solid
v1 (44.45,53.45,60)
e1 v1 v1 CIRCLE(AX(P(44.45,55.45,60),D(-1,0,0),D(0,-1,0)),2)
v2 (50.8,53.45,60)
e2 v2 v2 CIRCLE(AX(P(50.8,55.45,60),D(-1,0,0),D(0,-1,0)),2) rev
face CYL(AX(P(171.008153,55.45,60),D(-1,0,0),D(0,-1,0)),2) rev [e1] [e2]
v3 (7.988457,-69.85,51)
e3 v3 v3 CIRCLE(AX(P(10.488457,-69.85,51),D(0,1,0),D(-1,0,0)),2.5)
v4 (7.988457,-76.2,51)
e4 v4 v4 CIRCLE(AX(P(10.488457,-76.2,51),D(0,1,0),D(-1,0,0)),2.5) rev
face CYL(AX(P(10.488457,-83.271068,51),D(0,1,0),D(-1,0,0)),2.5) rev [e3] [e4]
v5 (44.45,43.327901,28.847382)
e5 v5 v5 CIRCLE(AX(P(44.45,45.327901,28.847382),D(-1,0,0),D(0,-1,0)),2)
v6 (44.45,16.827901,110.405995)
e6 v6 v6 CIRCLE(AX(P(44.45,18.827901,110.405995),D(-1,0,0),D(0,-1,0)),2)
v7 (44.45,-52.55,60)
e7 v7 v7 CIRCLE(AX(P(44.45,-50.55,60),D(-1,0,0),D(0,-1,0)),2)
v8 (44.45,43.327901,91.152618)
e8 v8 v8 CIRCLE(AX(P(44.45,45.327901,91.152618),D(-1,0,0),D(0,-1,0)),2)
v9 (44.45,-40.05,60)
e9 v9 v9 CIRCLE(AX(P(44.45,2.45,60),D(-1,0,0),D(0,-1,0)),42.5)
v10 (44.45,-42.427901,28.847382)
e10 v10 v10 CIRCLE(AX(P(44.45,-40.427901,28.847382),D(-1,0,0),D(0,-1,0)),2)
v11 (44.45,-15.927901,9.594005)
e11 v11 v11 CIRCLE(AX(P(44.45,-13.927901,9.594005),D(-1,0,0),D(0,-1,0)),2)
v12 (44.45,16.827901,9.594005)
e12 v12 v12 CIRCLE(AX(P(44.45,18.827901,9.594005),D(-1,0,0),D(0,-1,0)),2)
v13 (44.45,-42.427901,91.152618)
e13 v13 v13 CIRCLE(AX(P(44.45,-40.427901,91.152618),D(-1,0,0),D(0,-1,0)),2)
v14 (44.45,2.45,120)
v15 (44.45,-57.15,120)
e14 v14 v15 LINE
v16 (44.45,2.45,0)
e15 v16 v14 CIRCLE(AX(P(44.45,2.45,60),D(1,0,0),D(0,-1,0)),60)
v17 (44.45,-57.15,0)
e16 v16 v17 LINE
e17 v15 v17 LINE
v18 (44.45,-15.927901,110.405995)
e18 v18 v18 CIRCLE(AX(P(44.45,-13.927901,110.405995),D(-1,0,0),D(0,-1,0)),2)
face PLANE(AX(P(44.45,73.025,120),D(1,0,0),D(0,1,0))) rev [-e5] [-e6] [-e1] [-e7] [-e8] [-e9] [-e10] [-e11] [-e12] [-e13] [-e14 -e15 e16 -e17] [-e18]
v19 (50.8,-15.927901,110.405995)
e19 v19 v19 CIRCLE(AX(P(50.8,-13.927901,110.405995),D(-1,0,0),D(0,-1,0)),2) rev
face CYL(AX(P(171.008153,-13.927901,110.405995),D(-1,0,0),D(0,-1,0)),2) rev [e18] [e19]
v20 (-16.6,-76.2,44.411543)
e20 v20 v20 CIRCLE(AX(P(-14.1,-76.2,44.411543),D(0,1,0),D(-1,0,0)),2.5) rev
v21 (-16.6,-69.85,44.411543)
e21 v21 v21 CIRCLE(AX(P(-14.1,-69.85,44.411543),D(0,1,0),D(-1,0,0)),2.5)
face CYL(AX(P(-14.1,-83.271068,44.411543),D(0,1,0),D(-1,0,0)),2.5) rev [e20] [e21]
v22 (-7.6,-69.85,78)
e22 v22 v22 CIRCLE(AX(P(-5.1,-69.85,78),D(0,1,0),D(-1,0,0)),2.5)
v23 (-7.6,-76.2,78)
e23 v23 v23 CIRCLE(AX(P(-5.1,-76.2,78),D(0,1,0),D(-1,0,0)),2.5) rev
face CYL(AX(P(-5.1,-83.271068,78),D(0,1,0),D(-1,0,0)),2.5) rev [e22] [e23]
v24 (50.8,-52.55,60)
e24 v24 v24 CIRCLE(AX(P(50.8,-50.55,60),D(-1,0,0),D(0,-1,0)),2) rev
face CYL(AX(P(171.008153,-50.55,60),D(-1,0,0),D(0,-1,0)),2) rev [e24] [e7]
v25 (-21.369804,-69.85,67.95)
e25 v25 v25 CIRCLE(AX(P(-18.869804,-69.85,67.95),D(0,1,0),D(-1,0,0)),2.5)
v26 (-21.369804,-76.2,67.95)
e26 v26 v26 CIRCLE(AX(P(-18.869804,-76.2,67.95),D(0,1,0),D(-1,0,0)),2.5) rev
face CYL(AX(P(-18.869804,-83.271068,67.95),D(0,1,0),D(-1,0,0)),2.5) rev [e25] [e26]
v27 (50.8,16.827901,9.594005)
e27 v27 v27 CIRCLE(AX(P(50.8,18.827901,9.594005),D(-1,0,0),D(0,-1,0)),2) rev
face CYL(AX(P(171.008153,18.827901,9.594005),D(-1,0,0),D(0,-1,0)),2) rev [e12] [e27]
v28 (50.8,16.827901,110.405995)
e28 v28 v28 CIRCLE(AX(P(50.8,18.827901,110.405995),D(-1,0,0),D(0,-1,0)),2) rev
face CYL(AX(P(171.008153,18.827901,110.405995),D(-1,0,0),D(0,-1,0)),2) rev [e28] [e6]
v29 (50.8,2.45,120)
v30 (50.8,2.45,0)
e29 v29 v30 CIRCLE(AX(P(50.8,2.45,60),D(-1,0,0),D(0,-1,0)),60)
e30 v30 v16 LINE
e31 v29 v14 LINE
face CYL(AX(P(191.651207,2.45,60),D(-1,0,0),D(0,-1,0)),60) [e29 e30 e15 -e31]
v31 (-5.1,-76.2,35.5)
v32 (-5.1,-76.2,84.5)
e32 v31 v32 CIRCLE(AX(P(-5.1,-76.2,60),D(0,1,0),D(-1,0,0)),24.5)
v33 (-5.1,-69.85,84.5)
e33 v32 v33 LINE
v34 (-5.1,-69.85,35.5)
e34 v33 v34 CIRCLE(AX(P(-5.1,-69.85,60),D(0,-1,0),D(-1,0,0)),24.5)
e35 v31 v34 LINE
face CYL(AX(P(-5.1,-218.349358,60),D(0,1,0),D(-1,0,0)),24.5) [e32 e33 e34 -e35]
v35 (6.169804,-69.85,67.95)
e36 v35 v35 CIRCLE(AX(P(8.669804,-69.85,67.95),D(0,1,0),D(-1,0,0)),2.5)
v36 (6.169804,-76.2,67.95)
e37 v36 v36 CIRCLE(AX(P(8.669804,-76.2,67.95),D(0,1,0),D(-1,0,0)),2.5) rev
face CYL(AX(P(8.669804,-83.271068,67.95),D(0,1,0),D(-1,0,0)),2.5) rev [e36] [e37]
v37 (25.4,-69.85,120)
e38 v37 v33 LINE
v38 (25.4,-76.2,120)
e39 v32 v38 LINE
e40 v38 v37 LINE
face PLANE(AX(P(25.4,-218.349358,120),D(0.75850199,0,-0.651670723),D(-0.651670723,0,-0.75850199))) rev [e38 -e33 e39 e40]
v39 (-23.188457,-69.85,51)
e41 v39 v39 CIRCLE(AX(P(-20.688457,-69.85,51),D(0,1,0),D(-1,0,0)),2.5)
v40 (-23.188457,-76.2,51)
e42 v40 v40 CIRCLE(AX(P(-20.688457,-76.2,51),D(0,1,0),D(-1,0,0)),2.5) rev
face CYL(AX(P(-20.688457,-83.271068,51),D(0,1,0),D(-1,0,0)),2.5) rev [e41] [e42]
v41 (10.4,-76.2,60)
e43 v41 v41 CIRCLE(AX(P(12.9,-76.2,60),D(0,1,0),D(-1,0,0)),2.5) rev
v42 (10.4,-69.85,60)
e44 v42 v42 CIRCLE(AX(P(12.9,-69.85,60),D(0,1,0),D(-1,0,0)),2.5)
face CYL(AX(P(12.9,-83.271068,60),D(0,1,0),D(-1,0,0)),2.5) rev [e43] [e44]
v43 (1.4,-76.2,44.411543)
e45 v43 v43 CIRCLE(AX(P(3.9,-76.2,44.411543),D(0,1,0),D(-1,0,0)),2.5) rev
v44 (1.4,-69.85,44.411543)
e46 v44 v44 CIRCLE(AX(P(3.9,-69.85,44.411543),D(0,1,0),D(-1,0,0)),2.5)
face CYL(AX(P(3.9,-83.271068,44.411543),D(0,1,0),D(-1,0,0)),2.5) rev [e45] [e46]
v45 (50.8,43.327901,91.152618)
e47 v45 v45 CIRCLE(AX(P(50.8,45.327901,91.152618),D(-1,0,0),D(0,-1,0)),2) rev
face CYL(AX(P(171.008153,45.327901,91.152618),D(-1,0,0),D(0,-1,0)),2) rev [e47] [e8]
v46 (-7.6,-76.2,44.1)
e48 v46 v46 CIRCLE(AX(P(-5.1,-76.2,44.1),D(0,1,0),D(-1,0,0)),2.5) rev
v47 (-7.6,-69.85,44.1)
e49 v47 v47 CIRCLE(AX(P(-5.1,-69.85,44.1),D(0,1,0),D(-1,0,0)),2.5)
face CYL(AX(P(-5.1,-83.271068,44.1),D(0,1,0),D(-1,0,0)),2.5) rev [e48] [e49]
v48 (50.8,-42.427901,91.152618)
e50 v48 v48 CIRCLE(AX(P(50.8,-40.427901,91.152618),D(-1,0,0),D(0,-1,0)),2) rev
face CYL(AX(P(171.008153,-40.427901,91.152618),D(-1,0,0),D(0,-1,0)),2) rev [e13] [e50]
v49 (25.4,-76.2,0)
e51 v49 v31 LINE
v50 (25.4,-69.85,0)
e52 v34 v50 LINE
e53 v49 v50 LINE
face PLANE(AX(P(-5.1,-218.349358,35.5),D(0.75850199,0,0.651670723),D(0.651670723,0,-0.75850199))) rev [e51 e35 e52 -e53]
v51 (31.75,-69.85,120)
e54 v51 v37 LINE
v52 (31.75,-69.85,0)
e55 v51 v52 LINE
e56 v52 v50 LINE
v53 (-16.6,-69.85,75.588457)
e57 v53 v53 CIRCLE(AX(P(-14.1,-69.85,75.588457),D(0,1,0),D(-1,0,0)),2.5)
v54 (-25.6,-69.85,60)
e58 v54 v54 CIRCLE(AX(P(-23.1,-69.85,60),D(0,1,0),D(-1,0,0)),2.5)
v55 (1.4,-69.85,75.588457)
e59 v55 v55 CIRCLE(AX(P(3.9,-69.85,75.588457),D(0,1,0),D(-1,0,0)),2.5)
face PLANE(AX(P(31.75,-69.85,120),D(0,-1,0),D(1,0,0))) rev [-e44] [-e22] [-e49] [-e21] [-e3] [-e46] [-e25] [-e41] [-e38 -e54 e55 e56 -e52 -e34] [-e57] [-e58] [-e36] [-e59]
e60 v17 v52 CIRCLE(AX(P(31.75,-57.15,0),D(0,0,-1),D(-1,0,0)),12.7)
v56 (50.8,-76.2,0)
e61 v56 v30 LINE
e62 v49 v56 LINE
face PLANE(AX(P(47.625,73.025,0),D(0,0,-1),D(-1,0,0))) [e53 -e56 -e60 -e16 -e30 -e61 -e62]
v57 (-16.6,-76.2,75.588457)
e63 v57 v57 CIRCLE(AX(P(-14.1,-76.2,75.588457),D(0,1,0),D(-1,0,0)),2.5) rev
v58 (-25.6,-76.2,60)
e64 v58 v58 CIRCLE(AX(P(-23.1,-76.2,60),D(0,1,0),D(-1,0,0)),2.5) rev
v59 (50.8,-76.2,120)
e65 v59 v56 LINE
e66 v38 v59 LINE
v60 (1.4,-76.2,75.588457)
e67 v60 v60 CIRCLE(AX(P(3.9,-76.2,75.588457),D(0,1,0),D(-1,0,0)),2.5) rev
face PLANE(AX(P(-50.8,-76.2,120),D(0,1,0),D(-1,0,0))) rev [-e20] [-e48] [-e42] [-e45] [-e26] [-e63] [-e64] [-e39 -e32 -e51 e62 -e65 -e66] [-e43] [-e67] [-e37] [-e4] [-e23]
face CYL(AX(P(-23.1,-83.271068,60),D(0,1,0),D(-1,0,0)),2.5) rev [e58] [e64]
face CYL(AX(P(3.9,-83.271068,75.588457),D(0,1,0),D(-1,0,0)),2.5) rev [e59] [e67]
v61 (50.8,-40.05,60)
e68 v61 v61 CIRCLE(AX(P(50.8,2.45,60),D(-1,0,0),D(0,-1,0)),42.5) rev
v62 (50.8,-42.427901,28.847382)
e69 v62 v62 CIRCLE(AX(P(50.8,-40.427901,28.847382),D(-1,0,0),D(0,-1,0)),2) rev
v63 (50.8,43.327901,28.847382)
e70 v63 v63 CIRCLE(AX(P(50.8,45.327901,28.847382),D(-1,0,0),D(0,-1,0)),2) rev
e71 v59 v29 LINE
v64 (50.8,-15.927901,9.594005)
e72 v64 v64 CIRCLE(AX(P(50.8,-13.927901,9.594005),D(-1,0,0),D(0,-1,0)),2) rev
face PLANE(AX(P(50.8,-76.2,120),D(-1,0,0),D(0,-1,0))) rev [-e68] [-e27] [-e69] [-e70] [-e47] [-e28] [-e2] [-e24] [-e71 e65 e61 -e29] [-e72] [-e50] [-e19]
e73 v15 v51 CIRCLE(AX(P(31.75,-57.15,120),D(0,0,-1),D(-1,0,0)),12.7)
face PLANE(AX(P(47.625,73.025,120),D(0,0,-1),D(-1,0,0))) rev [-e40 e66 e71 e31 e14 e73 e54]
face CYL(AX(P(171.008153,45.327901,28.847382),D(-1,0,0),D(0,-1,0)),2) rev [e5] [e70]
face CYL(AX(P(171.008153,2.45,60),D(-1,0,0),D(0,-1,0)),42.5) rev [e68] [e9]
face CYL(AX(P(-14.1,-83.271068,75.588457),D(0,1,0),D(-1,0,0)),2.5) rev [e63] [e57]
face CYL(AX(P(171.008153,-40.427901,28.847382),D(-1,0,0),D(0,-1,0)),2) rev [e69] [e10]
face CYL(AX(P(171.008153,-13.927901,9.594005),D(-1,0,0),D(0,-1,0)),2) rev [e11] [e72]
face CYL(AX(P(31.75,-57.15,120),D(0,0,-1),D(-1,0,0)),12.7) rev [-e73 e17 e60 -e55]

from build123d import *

# Parameters (mm, degrees)
BOSS_EXTRUDE1_DEPTH = 120
CUT_EXTRUDE1_DEPTH  = 6.35
SKETCH4_R           = 2.5
CUT_EXTRUDE2_DEPTH  = 6.35
SKETCH5_R           = 2
SKETCH5_R_2         = 42.5
CUT_EXTRUDE4_DEPTH  = 6.35
CUT_EXTRUDE8_DEPTH  = 6.35


with BuildPart() as part:
    # Sketch2 → Boss-Extrude1 (new body)
    with BuildSketch(Plane.XY):
        with BuildLine():
            Line((-50.8, -76.2), (50.8, -76.2))
            Line((50.8, -76.2), (50.8, 76.2))
            Line((50.8, 76.2), (47.625, 76.2))
            ThreePointArc((47.625, 76.2), (45.37993597, 75.27006403), (44.45, 73.025))
            Line((44.45, 73.025), (44.45, -57.15))
            ThreePointArc((44.45, -57.15), (40.730256121, -66.130256121), (31.75, -69.85))
            Line((31.75, -69.85), (-47.625, -69.85))
            ThreePointArc((-47.625, -69.85), (-49.87006403, -70.77993597), (-50.8, -73.025))
            Line((-50.8, -73.025), (-50.8, -76.2))
        make_face()
    extrude(amount=BOSS_EXTRUDE1_DEPTH)

    # Sketch3 → Cut-Extrude1 (cut)
    with BuildSketch(Plane(origin=(0, -69.85, 0), x_dir=(1, 0, 0), z_dir=(0, 1, 0))):
        with BuildLine():
            Line((-5.1, -35.5), (25.4, 0))
            Line((25.4, 0), (-50.8, 0))
            Line((-50.8, 0), (-50.8, -120))
            Line((-50.8, -120), (25.4, -120))
            Line((25.4, -120), (-5.1, -84.5))
            ThreePointArc((-5.1, -84.5), (-29.6, -60), (-5.1, -35.5))
        make_face()
    extrude(amount=-CUT_EXTRUDE1_DEPTH, mode=Mode.SUBTRACT)

    # Sketch4 → Cut-Extrude2 (cut)
    with BuildSketch(Plane(origin=(0, -69.85, 0), x_dir=(1, 0, 0), z_dir=(0, 1, 0))):
        with Locations(Location((-5.1, -44.1, 0), (0, 0, 180))):
            Circle(SKETCH4_R)
        with Locations(Location((8.66980392, -67.95, 0), (0, 0, 180))):
            Circle(SKETCH4_R)
        with Locations(Location((-18.86980392, -67.95, 0), (0, 0, 180))):
            Circle(SKETCH4_R)
        with Locations(Location((3.9, -44.411542732, 0), (0, 0, 180))):
            Circle(SKETCH4_R)
        with Locations(Location((10.488457268, -51, 0), (0, 0, 180))):
            Circle(SKETCH4_R)
        with Locations(Location((12.9, -60, 0), (0, 0, 180))):
            Circle(SKETCH4_R)
        with Locations(Location((3.9, -75.588457268, 0), (0, 0, 180))):
            Circle(SKETCH4_R)
        with Locations(Location((-5.1, -78, 0), (0, 0, 180))):
            Circle(SKETCH4_R)
        with Locations(Location((-14.1, -75.588457268, 0), (0, 0, 180))):
            Circle(SKETCH4_R)
        with Locations(Location((-23.1, -60, 0), (0, 0, 180))):
            Circle(SKETCH4_R)
        with Locations(Location((-20.688457268, -51, 0), (0, 0, 180))):
            Circle(SKETCH4_R)
        with Locations(Location((-14.1, -44.411542732, 0), (0, 0, 180))):
            Circle(SKETCH4_R)
    extrude(amount=-CUT_EXTRUDE2_DEPTH, mode=Mode.SUBTRACT)

    # Sketch5 → Cut-Extrude4 (cut)
    with BuildSketch(Plane.ZY.offset(-44.45)):
        with Locations(Location((60, 55.45, 0), (0, 0, 270))):
            Circle(SKETCH5_R)
        with Locations(Location((91.152618372, 45.327900702, 0), (0, 0, 270))):
            Circle(SKETCH5_R)
        with Locations(Location((110.405995364, 18.827900702, 0), (0, 0, 270))):
            Circle(SKETCH5_R)
        with Locations(Location((110.405995364, -13.927900702, 0), (0, 0, 270))):
            Circle(SKETCH5_R)
        with Locations(Location((91.152618372, -40.427900702, 0), (0, 0, 270))):
            Circle(SKETCH5_R)
        with Locations(Location((60, -50.55, 0), (0, 0, 270))):
            Circle(SKETCH5_R)
        with Locations(Location((28.847381629, -40.427900702, 0), (0, 0, 270))):
            Circle(SKETCH5_R)
        with Locations(Location((9.594004636, -13.927900702, 0), (0, 0, 270))):
            Circle(SKETCH5_R)
        with Locations(Location((9.594004636, 18.827900702, 0), (0, 0, 270))):
            Circle(SKETCH5_R)
        with Locations(Location((28.847381629, 45.327900702, 0), (0, 0, 270))):
            Circle(SKETCH5_R)
        with Locations(Location((60, 2.45, 0), (0, 0, 270))):
            Circle(SKETCH5_R_2)
    extrude(amount=-CUT_EXTRUDE4_DEPTH, mode=Mode.SUBTRACT)

    # Sketch6 → Cut-Extrude8 (cut)
    with BuildSketch(Plane.ZY.offset(-44.45)):
        with BuildLine():
            Line((0, 76.2), (0, 2.45))
            ThreePointArc((0, 2.45), (60, 62.45), (120, 2.45))
            Line((120, 2.45), (120, 76.2))
            Line((120, 76.2), (0, 76.2))
        make_face()
    extrude(amount=-CUT_EXTRUDE8_DEPTH, mode=Mode.SUBTRACT)


solid = part.part
